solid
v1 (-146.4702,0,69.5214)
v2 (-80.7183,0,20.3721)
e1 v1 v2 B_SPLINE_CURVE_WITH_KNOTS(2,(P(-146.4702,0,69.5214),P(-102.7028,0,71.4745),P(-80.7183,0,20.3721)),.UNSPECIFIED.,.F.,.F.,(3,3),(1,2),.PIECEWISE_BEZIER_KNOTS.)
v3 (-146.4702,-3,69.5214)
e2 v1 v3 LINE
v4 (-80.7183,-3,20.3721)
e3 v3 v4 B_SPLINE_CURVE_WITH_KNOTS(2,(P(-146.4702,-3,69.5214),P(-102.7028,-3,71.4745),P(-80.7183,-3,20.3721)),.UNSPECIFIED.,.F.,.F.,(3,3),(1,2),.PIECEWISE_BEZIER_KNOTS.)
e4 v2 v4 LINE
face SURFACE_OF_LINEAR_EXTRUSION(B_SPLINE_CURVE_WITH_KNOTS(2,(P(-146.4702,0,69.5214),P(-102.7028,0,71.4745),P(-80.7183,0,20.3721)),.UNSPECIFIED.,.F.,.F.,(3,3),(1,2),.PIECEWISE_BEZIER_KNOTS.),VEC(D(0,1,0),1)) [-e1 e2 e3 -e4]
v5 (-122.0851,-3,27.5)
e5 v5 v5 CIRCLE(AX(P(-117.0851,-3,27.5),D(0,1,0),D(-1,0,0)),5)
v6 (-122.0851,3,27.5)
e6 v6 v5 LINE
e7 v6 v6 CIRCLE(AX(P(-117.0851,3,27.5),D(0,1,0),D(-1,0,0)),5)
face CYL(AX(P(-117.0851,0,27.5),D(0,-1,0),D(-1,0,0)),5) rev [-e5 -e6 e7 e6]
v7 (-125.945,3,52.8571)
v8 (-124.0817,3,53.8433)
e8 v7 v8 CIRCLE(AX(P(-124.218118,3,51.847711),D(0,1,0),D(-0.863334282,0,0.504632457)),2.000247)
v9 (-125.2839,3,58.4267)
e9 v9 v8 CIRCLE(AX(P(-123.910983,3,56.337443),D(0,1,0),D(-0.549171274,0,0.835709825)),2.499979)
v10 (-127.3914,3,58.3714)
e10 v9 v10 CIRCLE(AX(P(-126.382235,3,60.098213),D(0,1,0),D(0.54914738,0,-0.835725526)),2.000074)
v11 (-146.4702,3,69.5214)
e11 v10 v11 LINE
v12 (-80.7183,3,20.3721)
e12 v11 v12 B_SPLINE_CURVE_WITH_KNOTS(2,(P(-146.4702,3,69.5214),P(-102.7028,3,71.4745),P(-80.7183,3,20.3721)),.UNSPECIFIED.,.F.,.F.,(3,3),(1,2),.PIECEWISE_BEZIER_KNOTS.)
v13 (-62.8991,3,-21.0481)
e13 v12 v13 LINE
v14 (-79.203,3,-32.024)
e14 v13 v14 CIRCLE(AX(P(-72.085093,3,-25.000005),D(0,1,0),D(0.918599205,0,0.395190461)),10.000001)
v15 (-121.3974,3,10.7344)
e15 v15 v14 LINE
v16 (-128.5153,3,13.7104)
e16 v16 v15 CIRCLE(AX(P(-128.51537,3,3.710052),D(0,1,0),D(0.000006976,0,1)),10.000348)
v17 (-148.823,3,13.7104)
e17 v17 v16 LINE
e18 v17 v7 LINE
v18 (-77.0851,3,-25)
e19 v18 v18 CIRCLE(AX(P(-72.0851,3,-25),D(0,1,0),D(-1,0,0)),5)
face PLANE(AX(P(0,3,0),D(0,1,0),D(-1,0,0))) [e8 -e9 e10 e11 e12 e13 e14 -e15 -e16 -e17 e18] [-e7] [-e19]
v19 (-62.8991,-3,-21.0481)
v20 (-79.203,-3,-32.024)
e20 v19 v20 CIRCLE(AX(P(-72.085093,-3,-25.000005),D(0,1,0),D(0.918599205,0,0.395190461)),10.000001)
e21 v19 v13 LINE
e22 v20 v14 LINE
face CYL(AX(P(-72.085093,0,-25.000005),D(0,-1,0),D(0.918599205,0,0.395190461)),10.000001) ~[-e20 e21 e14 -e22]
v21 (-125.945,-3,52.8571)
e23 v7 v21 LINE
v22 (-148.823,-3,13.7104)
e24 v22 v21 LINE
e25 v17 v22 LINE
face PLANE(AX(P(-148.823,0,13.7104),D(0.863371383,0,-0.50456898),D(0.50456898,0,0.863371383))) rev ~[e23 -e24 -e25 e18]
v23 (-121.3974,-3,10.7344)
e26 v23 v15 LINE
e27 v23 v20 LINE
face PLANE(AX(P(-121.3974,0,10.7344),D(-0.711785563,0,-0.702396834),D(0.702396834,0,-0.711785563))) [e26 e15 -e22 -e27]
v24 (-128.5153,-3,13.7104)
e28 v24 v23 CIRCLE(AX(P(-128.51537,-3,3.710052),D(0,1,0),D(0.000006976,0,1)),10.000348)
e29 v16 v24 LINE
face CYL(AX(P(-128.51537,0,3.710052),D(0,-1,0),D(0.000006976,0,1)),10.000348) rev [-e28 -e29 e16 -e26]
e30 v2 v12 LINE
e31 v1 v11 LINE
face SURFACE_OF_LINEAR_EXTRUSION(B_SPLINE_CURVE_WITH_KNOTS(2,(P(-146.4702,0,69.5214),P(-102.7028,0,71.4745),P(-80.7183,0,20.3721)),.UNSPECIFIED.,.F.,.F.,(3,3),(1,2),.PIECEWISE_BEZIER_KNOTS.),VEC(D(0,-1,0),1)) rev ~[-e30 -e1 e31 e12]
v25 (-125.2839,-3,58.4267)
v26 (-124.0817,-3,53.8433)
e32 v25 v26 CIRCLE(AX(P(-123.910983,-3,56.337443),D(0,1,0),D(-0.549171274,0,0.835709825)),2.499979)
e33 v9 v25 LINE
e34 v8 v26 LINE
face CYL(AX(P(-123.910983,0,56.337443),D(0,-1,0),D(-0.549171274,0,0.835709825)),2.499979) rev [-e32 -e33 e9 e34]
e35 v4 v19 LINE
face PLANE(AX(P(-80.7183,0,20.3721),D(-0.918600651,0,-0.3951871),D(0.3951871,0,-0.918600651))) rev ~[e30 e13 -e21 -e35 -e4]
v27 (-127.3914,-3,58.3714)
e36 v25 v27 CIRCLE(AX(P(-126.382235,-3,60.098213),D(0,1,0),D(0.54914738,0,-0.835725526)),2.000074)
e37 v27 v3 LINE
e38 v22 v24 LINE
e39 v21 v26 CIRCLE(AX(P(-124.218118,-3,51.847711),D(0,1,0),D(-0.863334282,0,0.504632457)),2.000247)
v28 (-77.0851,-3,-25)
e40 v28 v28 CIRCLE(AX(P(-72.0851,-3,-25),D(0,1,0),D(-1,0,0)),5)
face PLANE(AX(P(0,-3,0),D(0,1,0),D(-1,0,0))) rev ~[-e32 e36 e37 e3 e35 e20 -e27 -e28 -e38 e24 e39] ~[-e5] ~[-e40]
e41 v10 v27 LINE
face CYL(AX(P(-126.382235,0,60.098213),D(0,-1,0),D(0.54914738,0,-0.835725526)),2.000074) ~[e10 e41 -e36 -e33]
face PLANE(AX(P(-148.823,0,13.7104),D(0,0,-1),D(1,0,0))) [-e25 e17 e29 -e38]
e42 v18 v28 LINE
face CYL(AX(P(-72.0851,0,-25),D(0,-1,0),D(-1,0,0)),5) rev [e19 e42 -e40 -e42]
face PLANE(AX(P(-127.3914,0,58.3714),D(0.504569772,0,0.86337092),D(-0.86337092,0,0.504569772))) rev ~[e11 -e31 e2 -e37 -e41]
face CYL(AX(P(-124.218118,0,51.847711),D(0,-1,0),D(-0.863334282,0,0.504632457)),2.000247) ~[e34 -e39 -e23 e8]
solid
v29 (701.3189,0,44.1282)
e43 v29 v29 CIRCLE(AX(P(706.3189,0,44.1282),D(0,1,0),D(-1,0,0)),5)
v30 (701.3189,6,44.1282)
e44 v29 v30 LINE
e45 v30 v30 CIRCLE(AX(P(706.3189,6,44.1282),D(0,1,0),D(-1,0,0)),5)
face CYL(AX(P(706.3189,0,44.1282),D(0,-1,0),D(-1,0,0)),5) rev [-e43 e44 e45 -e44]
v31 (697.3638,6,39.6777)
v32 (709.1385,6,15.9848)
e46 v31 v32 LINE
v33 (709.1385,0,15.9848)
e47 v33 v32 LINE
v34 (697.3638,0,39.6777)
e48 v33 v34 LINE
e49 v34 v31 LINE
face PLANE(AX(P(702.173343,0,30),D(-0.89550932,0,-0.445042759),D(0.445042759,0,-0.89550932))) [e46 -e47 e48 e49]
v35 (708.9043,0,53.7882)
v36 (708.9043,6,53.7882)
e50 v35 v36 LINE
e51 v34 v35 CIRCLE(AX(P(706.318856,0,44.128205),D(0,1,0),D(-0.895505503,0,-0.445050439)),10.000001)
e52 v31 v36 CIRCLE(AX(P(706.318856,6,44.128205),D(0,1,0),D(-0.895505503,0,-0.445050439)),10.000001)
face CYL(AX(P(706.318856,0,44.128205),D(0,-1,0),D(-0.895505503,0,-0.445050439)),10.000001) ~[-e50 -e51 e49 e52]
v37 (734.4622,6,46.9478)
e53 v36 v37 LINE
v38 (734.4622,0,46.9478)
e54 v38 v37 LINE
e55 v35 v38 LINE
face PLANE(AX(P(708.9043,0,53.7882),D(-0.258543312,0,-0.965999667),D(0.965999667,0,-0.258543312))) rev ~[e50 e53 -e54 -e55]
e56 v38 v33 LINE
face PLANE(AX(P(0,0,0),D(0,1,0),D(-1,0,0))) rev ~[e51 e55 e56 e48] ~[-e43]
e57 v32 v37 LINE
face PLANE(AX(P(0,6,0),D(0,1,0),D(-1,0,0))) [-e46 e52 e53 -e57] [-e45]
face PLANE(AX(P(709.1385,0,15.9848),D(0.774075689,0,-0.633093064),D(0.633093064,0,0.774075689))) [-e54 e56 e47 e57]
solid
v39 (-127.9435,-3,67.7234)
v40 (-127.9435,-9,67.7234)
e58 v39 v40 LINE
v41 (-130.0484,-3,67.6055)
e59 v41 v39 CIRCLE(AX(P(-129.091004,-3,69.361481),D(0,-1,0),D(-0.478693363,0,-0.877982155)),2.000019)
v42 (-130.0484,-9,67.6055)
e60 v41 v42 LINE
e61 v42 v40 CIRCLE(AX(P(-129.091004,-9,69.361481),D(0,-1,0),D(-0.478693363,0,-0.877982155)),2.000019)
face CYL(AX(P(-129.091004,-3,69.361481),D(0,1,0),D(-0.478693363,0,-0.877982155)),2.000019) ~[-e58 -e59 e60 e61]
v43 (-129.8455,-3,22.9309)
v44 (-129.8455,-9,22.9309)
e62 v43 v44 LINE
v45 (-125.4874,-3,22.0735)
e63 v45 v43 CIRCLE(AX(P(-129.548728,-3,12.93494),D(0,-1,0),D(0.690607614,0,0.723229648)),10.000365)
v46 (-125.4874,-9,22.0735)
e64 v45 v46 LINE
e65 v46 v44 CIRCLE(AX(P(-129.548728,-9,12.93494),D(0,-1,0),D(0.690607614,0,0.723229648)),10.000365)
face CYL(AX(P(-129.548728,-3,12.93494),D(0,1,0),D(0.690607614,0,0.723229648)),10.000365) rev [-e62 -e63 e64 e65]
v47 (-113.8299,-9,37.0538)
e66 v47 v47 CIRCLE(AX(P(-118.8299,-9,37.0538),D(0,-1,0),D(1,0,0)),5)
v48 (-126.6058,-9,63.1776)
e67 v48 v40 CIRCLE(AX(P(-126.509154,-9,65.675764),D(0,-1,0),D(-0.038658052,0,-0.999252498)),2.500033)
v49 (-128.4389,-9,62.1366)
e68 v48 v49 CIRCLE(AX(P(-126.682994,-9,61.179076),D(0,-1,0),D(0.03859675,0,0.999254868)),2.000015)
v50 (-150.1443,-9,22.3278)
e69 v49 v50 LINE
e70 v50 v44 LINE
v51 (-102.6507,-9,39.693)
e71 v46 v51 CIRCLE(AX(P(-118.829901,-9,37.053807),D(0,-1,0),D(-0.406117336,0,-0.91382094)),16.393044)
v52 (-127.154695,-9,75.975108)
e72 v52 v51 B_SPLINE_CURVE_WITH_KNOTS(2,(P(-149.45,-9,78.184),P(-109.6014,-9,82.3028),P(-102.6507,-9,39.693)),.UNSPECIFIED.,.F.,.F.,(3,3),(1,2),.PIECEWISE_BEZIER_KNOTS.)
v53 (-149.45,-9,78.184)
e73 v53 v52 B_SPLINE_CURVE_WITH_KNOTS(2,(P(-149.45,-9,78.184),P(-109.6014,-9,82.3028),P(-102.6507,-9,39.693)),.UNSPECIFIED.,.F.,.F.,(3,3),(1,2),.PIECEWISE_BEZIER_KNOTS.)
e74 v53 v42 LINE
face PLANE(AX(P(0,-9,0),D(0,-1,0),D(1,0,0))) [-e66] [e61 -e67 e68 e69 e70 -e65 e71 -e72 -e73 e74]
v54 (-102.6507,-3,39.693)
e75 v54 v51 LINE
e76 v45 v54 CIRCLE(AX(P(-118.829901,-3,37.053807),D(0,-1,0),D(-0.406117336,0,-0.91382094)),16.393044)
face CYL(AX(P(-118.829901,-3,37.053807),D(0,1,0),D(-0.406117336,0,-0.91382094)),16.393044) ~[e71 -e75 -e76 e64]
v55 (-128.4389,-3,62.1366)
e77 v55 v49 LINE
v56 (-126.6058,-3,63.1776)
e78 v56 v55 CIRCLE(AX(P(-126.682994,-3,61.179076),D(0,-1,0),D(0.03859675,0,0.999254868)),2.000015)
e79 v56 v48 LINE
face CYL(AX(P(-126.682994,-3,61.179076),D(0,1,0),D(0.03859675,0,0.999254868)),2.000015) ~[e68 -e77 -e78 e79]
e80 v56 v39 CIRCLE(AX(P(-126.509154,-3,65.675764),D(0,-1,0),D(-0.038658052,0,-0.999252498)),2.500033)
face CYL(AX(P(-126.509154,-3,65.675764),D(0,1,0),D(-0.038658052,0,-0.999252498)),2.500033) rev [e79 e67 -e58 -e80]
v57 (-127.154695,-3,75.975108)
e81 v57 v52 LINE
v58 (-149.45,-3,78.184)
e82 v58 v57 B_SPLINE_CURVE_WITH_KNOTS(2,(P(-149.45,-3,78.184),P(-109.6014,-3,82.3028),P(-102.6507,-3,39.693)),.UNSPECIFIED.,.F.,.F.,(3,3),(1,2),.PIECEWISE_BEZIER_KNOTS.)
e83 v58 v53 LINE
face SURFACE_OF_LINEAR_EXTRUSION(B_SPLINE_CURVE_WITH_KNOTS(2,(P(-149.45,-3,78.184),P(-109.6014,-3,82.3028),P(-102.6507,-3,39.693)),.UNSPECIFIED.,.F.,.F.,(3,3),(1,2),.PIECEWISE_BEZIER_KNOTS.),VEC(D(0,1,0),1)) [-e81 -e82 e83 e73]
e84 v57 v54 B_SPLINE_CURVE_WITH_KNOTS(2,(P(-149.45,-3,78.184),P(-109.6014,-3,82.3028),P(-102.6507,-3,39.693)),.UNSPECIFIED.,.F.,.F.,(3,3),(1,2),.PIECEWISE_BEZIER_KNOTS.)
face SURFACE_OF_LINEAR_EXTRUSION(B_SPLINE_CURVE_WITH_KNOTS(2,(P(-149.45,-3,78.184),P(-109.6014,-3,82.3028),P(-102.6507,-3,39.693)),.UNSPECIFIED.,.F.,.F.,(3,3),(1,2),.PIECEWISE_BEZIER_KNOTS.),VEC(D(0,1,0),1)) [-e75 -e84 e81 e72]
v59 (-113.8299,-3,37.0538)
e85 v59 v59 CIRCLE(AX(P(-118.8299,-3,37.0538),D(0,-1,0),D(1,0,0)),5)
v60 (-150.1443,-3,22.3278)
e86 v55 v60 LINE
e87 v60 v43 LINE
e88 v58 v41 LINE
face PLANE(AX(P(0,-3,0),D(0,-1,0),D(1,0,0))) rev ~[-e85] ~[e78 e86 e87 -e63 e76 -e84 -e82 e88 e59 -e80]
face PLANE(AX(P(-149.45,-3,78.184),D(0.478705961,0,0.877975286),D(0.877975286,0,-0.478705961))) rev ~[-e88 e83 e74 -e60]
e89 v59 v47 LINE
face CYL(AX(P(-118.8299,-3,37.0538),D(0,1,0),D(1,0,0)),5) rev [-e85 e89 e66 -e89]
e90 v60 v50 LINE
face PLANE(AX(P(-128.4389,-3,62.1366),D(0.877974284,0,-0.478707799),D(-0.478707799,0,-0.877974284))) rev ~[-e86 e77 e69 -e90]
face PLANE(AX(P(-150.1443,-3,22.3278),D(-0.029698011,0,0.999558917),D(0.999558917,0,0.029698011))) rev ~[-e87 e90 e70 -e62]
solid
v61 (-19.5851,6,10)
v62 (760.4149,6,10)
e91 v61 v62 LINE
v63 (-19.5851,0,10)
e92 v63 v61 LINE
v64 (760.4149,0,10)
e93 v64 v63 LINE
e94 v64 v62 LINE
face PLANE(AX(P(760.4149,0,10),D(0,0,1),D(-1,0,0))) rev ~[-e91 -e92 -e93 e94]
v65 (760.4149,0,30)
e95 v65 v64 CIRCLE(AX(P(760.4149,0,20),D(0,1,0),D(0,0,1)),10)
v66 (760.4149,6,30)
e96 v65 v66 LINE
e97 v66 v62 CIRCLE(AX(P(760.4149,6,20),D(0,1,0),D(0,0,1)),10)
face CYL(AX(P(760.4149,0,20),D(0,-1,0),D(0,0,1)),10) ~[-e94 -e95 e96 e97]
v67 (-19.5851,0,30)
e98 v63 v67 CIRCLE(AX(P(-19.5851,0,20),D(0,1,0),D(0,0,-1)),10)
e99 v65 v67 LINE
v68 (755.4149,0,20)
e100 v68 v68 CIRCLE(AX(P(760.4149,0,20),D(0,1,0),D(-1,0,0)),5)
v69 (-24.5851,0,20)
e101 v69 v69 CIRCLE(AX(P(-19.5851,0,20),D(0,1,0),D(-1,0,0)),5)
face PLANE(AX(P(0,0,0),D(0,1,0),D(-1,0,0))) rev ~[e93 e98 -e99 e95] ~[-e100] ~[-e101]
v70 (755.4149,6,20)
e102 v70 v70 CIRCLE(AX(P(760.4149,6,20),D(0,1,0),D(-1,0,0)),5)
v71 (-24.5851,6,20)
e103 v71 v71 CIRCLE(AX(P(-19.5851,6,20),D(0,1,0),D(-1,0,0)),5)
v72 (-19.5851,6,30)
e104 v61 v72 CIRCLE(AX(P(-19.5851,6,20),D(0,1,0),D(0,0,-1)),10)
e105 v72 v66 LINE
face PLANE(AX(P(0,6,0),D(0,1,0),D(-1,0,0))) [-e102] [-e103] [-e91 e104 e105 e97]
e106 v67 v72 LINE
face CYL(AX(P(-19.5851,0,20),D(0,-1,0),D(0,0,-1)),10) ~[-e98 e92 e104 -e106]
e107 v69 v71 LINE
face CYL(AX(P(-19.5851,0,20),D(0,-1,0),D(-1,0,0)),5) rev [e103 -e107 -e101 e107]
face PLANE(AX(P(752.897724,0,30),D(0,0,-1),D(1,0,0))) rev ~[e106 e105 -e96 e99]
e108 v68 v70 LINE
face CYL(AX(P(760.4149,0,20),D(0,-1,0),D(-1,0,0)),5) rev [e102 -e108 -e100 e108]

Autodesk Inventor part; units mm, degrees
ref_plane "YZ Plane" through (0, 0, 0) normal (1, 0, 0) x (0, 1, 0)
ref_plane "XZ Plane" through (0, 0, 0) normal (0, 1, 0) x (-1, 0, 0)
ref_plane "XY Plane" through (0, 0, 0) normal (0, 0, 1) x (1, 0, 0)
sketch "Sketch1" plane through (0, 0, 0) normal (0, 1, 0) x (-1, 0, 0)
  line L0 (-32.0851, 0) -> (32.0851, 0)
  circle A0 centre (-707.9149, -25) radius 9.525 construction
  circle A1 centre (-708.1649, 701) radius 16.5354 construction
  line L1 (-708.1649, 701) -> (-707.9149, -25) construction
  line L2 (-707.9149, -25) -> (-1167.5404, 536.979)
  circle A2 centre (-707.9149, -25) radius 726 construction
  line L3 (-727.2668, -40.8273) -> (-1186.8923, 521.1517) construction
  line L4 (-1186.8923, 521.1517) -> (-1148.1885, 552.8064) construction
  line L5 (-1148.1885, 552.8064) -> (-688.563, -9.1727) construction
  line L6 (-688.563, -9.1727) -> (-727.2668, -40.8273) construction
  line L7 (-727.2668, -40.8273) -> (-1148.1885, 552.8064) construction
  line L8 (-1186.8923, 521.1517) -> (-688.563, -9.1727) construction
  line L9 (-1433.9063, -50.25) -> (-1433.9235, -0.25) construction
  line L10 (-707.9235, 0) -> (-707.9063, -50) construction
  circle A3 centre (-707.9149, -25) radius 52.5 construction
  line L11 (-697.3638, 39.6777) -> (-709.1385, 15.9848)
  line L12 (-708.9043, 53.7882) -> (-734.4622, 46.9478)
  arc A4 (-697.3638, 39.6777) -> (-708.9043, 53.7882) centre (-706.3189, 44.1282) ccw
  circle A5 centre (-706.3189, 44.1282) radius 5
  line L13 (-706.3189, 44.1282) -> (-741.1523, 15.639) construction
  circle A6 centre (72.0851, -25) radius 5
  arc A7 (62.8991, -21.0481) -> (80.3122, -19.3154) centre (72.0851, -25) ccw
  circle A8 centre (72.0851, -25) radius 87.2511 construction
  line L14 (176.9747, 84.4532) -> (127.3309, 55.4404) construction
  circle A9 centre (72.0851, -25) radius 151.5976 construction
  circle A10 centre (-707.9149, -25) radius 69.1466 construction
  line L15 (-707.9387, 44.1466) -> (-777.0615, -25) construction
  line L16 (80.7183, 20.3721) -> (62.8991, -21.0481)
  line L17 (-707.933, 27.5) -> (-662.933, 27.5155) construction
  circle A11 centre (72.0851, -25) radius 52.5 construction
  circle A12 centre (72.0851, -25) radius 69.1466 construction
  line L18 (72.0851, 27.5) -> (117.0851, 27.5) construction
  circle A13 centre (117.0851, 27.5) radius 5
  arc A14 (125.2839, 58.4267) -> (124.0817, 53.8433) centre (123.911, 56.3374) ccw
  line L19 (148.823, 13.7104) -> (125.945, 52.8571)
  arc A15 (125.2839, 58.4267) -> (127.3914, 58.3714) centre (126.3822, 60.0981) ccw
  arc A16 (125.945, 52.8571) -> (124.0817, 53.8433) centre (124.2183, 51.8479) ccw
  line L20 (-709.1385, 15.9848) -> (-734.4622, 46.9478)
  line L21 (148.823, 13.7104) -> (128.5153, 13.7104)
  line L22 (121.3974, 10.7344) -> (79.203, -32.024)
  arc A17 (128.5153, 13.7104) -> (121.3974, 10.7344) centre (128.5153, 3.7104) ccw
  line L23 (123.911, 56.3374) -> (175.7133, 86.6116) construction
  line L24 (154.1852, 4.5352) -> (123.911, 56.3374) construction
  line L25 (117.0851, 27.5) -> (-662.933, 27.5155) construction
  line L26 (117.0853, 37.5) -> (-662.9328, 37.5155) construction
  line L27 (-662.9332, 17.5155) -> (117.0849, 17.5) construction
  arc A18 (117.0849, 17.5) -> (117.0853, 37.5) centre (117.0851, 27.5) ccw construction
  arc A19 (-662.9328, 37.5155) -> (-662.9332, 17.5155) centre (-662.933, 27.5155) ccw construction
  line L28 (-732.9149, -5) -> (367.0851, -5) construction
  line L29 (-732.9149, 0) -> (367.0851, 0) construction
  line L30 (-760.4149, -25) -> (-760.4149, 20) construction
  line L31 (19.5851, -25) -> (19.5851, 20) construction
  line L32 (19.5851, 20) -> (-760.4149, 20) construction
  line L33 (19.5851, 30) -> (-760.4149, 30)
  line L34 (-760.4149, 10) -> (19.5851, 10)
  arc A20 (19.5851, 10) -> (19.5851, 30) centre (19.5851, 20) ccw
  arc A21 (-760.4149, 30) -> (-760.4149, 10) centre (-760.4149, 20) ccw
  line L35 (146.4702, 69.5214) -> (102.7028, 71.4745) construction
  line L36 (102.7028, 71.4745) -> (80.7183, 20.3721) construction
  spline S0 degree 2 poles (146.4702, 69.5214) (102.7028, 71.4745) (80.7183, 20.3721) knots 1 1 1 2 2 2
  line L37 (127.3914, 58.3714) -> (146.4702, 69.5214)
  circle A22 centre (19.5851, 20) radius 5
  circle A23 centre (-760.4149, 20) radius 5
  point P0 (0, 0)
  point P1 (0, 0)
  point P2 (-937.7276, 255.9895)
  point P3 (-707.9149, -25)
  point P4 (126.0694, 57.5988)
  point P5 (130.1781, 60)
  point P6 (125.1724, 54.179)
  point P7 (132.8635, 61.5694)
  point P8 (-272.9239, 27.5077)
  point P9 (-370.4149, 20)
  dimension "d8" = 50
  dimension "d9" = 50
  dimension "d10" = 105
  dimension "d13" = 10
  dimension "d14" = 20
  dimension "d15" = 20
  dimension "d16" = 40
  dimension "d17" = 10
  dimension "d18" = 780
  dimension "d19" = 20
  dimension "d23" = 45
  dimension "d24" = 10
  dimension "d26" = 5
  dimension "d27" = 2
  dimension "d28" = 45
  dimension "d31" = 69.147
  dimension "d32" = 10
  dimension "d33" = 20
  dimension "d34" = 20
  dimension "d35" = 780
  dimension "d36" = 10
  dimension "d37" = 10
extrude "Extrusion1" add sketch "Sketch1" along normal mid plane 6 contours L16 S0 L37 A15 A14 A16 L19 L21 A17 L22 A7
extrude "Extrusion3" add sketch "Sketch1" along normal blind 6 separate body contours L33 L11 L20 | L20 L12 A4 L11 L33
extrude "Extrusion4" add sketch "Sketch1" along normal blind 6 separate body contours L34 A21 L33 L2 | L2 L33 L20 L11 A20 L34 | L33 L11 L20
sketch "Sketch3" plane through (0, -3, 0) normal (0, -1, 0) x (1, 0, 0)
  circle A0 centre (-118.8299, 37.0538) radius 5 projected
  circle A1 centre (-72.2906, -14.0866) radius 5 projected
  line L0 (-63.226, -9.8637) -> (-82.2675, 31.0091) projected
  spline S0 degree 2 poles (-82.2675, 31.0091) (-105.7599, 81.436) (-149.45, 78.184) knots 1 1 1 2 2 2 projected
  line L1 (-149.45, 78.184) -> (-130.0484, 67.6055) projected
  arc A2 (-130.0484, 67.6055) -> (-127.9435, 67.7234) centre (-129.091, 69.3615) ccw projected
  arc A3 (-126.6058, 63.1776) -> (-127.9435, 67.7234) centre (-126.5092, 65.6758) ccw projected
  arc A4 (-126.6058, 63.1776) -> (-128.4389, 62.1366) centre (-126.683, 61.1791) ccw projected
  line L2 (-128.4389, 62.1366) -> (-150.1443, 22.3278) projected
  line L3 (-150.1443, 22.3278) -> (-129.8455, 22.9309) projected
  arc A5 (-122.6424, 20.1675) -> (-129.8455, 22.9309) centre (-129.5485, 12.9353) ccw projected
  line L4 (-122.6424, 20.1675) -> (-79.1967, -21.3189) projected
  arc A6 (-79.1967, -21.3189) -> (-63.226, -9.8637) centre (-72.2906, -14.0866) ccw projected
  arc A7 (-125.4874, 22.0735) -> (-102.6507, 39.693) centre (-118.8299, 37.0538) ccw
  line L5 (-149.45, 78.184) -> (-109.6014, 82.3028) construction
  line L6 (-109.6014, 82.3028) -> (-102.6507, 39.693) construction
  spline S1 degree 2 poles (-149.45, 78.184) (-109.6014, 82.3028) (-102.6507, 39.693) knots 1 1 1 2 2 2
  point P0 (0, 0)
extrude "Extrusion5" add sketch "Sketch3" along normal blind 6 separate body contours S1 A7 A5 L3 L2 A4 A3 A2 L1 S0 | S0 S1
properties part number "Soporte freno"
